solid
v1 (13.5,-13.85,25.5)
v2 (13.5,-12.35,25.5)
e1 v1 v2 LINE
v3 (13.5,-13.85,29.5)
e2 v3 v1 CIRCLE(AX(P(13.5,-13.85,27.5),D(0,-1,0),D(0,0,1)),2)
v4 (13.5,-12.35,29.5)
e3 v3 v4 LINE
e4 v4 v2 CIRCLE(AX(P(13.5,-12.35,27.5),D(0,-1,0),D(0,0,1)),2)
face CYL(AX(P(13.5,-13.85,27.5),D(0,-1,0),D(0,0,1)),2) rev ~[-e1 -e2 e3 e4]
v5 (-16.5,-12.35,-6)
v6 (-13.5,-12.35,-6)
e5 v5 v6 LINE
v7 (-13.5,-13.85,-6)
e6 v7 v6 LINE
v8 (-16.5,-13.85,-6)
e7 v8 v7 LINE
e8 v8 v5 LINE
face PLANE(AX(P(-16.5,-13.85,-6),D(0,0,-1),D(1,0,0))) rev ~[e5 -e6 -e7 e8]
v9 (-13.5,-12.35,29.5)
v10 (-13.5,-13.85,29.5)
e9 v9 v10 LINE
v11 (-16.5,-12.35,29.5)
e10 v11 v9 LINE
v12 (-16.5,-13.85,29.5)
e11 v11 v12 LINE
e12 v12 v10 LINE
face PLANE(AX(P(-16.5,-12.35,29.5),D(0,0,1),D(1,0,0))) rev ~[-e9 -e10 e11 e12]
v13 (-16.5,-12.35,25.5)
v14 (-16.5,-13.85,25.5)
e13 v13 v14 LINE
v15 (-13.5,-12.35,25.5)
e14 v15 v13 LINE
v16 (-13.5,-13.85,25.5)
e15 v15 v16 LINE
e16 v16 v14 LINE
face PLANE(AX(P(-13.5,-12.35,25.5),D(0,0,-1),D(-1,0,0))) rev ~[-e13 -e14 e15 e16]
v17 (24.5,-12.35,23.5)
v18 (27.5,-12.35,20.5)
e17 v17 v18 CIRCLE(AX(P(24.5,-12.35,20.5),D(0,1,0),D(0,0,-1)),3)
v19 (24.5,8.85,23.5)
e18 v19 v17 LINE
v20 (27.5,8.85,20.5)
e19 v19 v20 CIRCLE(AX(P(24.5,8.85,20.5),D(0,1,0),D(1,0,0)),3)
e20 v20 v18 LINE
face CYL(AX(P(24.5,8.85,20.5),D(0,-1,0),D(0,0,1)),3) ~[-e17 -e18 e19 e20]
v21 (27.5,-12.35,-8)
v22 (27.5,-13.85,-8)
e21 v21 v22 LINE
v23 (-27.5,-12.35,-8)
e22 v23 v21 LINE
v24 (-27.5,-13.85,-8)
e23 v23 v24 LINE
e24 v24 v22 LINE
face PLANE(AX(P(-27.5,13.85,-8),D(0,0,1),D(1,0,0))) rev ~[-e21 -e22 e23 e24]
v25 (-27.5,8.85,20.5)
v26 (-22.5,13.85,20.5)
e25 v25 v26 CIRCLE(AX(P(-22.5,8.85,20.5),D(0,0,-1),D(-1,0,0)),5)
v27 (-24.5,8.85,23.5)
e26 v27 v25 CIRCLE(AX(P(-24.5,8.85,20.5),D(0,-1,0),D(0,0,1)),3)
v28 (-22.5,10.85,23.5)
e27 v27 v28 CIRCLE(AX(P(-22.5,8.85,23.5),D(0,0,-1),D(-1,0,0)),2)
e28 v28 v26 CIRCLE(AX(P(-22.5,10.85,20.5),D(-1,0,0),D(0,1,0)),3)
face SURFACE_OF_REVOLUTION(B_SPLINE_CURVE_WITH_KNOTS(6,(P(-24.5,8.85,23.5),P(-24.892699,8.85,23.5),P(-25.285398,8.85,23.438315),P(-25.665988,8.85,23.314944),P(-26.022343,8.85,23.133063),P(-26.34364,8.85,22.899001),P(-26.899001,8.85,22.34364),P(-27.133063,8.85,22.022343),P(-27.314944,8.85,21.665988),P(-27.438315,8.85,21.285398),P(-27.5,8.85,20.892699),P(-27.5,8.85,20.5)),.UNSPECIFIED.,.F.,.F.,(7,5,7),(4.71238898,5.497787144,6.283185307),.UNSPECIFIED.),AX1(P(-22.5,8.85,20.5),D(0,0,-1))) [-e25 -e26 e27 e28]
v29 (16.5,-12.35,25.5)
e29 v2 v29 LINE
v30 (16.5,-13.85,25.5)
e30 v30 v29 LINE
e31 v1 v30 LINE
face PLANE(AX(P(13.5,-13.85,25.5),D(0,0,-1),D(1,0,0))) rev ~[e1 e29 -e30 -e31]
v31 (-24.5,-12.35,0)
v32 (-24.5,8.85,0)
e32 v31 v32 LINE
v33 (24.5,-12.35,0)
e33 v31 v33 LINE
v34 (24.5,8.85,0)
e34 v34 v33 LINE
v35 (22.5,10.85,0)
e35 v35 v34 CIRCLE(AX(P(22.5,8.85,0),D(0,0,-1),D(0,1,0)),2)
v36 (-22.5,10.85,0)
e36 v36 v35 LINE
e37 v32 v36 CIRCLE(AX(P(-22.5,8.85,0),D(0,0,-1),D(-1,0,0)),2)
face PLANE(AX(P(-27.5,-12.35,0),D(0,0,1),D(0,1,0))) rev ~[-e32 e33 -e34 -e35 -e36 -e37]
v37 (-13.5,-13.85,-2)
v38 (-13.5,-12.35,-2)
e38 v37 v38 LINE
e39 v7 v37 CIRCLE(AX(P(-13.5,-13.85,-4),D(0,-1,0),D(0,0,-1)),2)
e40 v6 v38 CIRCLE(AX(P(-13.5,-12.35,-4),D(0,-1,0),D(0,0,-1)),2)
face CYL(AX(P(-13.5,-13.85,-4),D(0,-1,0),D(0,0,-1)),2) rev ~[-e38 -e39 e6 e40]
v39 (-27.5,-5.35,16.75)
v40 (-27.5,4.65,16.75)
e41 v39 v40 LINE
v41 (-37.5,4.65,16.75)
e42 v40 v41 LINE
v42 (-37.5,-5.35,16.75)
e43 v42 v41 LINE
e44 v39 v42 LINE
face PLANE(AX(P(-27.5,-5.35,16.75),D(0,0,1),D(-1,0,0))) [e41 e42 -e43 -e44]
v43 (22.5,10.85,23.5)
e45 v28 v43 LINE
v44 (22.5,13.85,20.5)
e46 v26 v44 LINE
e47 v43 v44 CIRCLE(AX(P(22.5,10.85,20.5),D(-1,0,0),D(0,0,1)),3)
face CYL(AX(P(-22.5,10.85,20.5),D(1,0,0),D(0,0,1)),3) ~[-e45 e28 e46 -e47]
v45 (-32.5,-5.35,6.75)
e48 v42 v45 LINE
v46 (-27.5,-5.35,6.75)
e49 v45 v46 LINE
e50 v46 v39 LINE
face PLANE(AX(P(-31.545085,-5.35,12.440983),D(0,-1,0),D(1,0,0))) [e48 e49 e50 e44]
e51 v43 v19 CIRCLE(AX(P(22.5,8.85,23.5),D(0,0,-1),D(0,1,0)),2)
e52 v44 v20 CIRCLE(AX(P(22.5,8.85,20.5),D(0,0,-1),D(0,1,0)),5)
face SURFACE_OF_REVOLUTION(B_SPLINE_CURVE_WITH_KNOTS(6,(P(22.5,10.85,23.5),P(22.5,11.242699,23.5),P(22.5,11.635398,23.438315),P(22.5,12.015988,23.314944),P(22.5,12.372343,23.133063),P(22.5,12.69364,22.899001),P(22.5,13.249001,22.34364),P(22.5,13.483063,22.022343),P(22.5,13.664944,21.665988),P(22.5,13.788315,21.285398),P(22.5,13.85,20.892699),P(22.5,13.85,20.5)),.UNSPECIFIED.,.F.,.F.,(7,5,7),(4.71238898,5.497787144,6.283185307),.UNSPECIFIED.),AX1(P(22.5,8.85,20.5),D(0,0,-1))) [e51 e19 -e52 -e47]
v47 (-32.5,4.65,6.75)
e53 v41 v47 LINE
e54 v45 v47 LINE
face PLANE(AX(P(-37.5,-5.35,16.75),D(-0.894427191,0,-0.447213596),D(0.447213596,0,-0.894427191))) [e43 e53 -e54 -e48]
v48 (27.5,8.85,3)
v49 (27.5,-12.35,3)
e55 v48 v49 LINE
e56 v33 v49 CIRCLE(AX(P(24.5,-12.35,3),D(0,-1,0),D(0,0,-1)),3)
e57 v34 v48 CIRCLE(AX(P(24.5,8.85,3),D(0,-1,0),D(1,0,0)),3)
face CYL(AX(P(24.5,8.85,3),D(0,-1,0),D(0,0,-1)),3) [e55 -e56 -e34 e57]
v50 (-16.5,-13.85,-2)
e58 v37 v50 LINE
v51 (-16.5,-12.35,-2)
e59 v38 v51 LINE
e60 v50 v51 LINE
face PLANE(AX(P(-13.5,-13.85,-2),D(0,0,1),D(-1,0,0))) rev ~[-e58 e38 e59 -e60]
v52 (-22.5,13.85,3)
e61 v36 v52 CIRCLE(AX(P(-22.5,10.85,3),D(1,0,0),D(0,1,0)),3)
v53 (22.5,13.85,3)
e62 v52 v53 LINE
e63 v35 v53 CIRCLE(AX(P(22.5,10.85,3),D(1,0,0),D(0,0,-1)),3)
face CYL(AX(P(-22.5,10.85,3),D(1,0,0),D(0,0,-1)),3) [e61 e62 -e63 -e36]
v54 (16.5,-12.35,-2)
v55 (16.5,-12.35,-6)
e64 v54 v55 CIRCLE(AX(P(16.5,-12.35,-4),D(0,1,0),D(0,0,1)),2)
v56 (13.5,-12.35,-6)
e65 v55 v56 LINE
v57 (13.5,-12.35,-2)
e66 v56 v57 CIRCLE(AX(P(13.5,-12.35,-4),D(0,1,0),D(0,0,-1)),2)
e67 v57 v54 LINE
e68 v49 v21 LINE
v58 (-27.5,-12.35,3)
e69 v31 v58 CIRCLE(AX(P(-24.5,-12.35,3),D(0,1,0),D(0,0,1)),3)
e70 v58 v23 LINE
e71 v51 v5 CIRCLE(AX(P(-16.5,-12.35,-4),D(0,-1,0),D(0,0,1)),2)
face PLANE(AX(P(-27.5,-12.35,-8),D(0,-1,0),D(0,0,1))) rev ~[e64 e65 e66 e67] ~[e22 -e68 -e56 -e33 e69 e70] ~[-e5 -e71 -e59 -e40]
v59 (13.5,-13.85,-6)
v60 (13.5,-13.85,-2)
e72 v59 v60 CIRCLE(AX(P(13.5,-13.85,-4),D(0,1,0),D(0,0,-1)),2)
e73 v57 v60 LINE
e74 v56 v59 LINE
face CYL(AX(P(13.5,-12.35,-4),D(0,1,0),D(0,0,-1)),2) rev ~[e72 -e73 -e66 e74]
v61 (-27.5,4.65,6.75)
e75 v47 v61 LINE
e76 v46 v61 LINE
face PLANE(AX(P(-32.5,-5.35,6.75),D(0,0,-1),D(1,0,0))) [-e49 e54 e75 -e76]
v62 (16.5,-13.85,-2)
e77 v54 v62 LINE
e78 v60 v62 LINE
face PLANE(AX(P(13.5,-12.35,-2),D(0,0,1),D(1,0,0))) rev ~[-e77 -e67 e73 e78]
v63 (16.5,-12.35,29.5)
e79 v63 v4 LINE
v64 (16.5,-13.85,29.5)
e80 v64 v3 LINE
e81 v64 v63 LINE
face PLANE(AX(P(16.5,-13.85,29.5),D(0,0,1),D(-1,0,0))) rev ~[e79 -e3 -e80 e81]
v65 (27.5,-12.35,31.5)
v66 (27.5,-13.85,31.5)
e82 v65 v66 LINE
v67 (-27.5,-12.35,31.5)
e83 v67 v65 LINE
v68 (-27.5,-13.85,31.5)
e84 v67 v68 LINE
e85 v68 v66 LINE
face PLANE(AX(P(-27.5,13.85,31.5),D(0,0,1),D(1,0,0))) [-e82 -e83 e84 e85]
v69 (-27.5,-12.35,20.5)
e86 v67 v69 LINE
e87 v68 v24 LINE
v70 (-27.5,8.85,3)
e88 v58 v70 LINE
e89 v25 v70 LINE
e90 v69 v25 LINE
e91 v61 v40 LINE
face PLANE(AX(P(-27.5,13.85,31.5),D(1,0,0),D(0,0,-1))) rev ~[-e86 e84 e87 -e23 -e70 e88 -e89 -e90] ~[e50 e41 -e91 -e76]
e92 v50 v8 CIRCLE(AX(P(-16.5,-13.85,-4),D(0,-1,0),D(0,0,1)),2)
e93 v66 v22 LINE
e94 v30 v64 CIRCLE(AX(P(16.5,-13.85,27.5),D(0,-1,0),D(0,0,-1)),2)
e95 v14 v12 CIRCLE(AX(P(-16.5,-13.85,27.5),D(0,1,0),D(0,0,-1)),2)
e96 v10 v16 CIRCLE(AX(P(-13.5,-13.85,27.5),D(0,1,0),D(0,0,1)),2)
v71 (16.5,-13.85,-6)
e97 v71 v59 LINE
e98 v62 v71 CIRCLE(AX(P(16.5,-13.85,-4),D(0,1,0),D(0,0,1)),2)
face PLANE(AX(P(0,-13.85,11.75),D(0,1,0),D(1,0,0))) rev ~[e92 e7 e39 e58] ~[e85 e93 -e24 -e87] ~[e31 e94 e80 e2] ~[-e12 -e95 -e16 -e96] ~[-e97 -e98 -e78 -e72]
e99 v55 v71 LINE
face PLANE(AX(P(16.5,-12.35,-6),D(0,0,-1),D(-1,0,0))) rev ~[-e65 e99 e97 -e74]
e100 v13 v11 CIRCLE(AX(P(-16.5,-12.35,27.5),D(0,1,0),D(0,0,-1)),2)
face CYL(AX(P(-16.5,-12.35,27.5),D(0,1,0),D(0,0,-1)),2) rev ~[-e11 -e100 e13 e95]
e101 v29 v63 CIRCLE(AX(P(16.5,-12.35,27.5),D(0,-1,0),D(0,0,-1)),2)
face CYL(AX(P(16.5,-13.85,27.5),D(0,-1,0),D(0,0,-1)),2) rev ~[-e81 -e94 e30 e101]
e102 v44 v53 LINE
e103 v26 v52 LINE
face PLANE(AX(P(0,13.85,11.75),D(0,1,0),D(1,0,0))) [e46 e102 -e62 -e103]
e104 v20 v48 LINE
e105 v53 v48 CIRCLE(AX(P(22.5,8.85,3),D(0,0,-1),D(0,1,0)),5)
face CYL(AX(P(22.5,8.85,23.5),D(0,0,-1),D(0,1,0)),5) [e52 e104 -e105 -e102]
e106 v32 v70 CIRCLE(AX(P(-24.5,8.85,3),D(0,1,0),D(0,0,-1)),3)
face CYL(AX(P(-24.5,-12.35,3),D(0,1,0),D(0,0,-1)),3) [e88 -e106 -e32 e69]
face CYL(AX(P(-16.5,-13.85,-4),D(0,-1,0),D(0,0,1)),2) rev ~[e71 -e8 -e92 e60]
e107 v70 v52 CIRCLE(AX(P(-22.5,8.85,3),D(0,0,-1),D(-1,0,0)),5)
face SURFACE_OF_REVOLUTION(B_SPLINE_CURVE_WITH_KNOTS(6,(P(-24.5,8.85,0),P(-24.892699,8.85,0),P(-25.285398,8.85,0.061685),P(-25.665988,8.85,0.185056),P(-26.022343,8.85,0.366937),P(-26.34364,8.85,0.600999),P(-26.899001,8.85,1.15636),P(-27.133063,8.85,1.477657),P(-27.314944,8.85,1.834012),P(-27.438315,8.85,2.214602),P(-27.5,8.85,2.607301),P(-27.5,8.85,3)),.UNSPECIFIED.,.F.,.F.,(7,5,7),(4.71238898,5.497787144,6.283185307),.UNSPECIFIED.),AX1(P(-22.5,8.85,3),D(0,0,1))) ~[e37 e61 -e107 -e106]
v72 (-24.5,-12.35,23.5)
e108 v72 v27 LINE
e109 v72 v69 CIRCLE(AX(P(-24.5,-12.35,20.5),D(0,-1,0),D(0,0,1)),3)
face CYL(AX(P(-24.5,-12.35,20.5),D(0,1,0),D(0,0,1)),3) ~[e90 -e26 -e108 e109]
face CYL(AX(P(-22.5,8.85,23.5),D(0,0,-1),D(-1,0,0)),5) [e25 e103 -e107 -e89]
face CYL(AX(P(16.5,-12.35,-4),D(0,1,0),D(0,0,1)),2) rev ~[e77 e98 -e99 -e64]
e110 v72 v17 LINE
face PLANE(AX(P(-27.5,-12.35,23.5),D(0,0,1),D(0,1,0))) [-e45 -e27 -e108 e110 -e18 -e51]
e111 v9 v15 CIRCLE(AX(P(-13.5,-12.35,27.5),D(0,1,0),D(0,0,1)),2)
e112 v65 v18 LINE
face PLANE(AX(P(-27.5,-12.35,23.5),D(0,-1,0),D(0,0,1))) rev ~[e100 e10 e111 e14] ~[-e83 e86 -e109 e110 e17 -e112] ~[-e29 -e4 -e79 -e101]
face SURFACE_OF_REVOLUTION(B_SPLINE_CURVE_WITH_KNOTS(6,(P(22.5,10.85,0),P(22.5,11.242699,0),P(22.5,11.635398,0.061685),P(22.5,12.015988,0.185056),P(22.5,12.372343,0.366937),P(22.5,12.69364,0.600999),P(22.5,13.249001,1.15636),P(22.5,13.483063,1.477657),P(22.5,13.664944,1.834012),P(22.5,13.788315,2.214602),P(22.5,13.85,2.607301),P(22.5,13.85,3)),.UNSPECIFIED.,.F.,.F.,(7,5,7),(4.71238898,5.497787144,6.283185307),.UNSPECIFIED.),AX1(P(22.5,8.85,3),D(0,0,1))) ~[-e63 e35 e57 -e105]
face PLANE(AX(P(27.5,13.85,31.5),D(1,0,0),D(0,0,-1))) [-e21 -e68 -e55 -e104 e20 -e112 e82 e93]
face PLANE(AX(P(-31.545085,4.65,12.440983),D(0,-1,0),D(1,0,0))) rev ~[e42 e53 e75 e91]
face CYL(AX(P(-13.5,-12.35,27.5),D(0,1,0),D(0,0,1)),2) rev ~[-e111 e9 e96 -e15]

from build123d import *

# Parameters (mm, degrees)
SKETCH1_W           = 55
SKETCH1_H           = 39.5
BOSS_EXTRUDE1_DEPTH = 27.7
SKETCH2_W           = 8
SKETCH2_H           = 26.2
CUT_EXTRUDE1_DEPTH  = 65.877365082
SKETCH3_W           = 8
SKETCH3_H           = 26.2
CUT_EXTRUDE2_DEPTH  = 65.877365082
CUT_EXTRUDE3_DEPTH  = 50.345111207
CUT_EXTRUDE4_DEPTH  = 51.15765146
CUT_EXTRUDE5_DEPTH  = 50.345111207
CUT_EXTRUDE6_DEPTH  = 51.15765146
BOSS_EXTRUDE2_DEPTH = 10
FILLET1_R           = 5
FILLET2_R           = 3


with BuildPart() as part:
    # Sketch1 → Boss-Extrude1 (new body)
    with BuildSketch(Plane(origin=(0, 13.85, 0), x_dir=(1, 0, 0), z_dir=(0, 1, 0))):
        with Locations((0, -11.75)):
            Rectangle(SKETCH1_W, SKETCH1_H)
    extrude(amount=-BOSS_EXTRUDE1_DEPTH)

    # Sketch2 → Cut-Extrude1 (cut, through all)
    with BuildSketch(Plane.ZY.offset(27.5)):
        with Locations((27.5, 0.75)):
            Rectangle(SKETCH2_W, SKETCH2_H)
    extrude(amount=-CUT_EXTRUDE1_DEPTH, mode=Mode.SUBTRACT)

    # Sketch3 → Cut-Extrude2 (cut, through all)
    with BuildSketch(Plane.ZY.offset(27.5)):
        with Locations((-4, 0.75)):
            Rectangle(SKETCH3_W, SKETCH3_H)
    extrude(amount=-CUT_EXTRUDE2_DEPTH, mode=Mode.SUBTRACT)

    # Sketch4 → Cut-Extrude3 (cut, through all)
    with BuildSketch(Plane(origin=(0, -12.35, 0), x_dir=(-1, 0, 0), z_dir=(0, 1, 0))):
        with BuildLine():
            Line((-13.5, -2), (-16.5, -2))
            ThreePointArc((-16.5, -2), (-18.5, -4), (-16.5, -6))
            Line((-16.5, -6), (-13.5, -6))
            ThreePointArc((-13.5, -6), (-11.5, -4), (-13.5, -2))
        make_face()
    extrude(amount=-CUT_EXTRUDE3_DEPTH, mode=Mode.SUBTRACT)

    # Sketch5 → Cut-Extrude4 (cut, through all)
    with BuildSketch(Plane.XZ.offset(13.85)):
        with BuildLine():
            Line((-16.5, -6), (-13.5, -6))
            ThreePointArc((-13.5, -6), (-11.5, -4), (-13.5, -2))
            Line((-13.5, -2), (-16.5, -2))
            ThreePointArc((-16.5, -2), (-18.5, -4), (-16.5, -6))
        make_face()
    extrude(amount=-CUT_EXTRUDE4_DEPTH, mode=Mode.SUBTRACT)

    # Sketch6 → Cut-Extrude5 (cut, through all)
    with BuildSketch(Plane(origin=(0, -12.35, 0), x_dir=(-1, 0, 0), z_dir=(0, 1, 0))):
        with BuildLine():
            Line((16.5, 29.5), (13.5, 29.5))
            ThreePointArc((13.5, 29.5), (11.5, 27.5), (13.5, 25.5))
            Line((13.5, 25.5), (16.5, 25.5))
            ThreePointArc((16.5, 25.5), (18.5, 27.5), (16.5, 29.5))
        make_face()
    extrude(amount=-CUT_EXTRUDE5_DEPTH, mode=Mode.SUBTRACT)

    # Sketch7 → Cut-Extrude6 (cut, through all)
    with BuildSketch(Plane.XZ.offset(13.85)):
        with BuildLine():
            Line((13.5, 25.5), (16.5, 25.5))
            ThreePointArc((16.5, 25.5), (18.5, 27.5), (16.5, 29.5))
            Line((16.5, 29.5), (13.5, 29.5))
            ThreePointArc((13.5, 29.5), (11.5, 27.5), (13.5, 25.5))
        make_face()
    extrude(amount=-CUT_EXTRUDE6_DEPTH, mode=Mode.SUBTRACT)

    # Sketch8 → Boss-Extrude2 (add)
    with BuildSketch(Plane.XZ.offset(5.35)):
        Polygon((-37.5, 16.75), (-32.5, 6.75), (-27.5, 6.75), (-27.5, 16.75), align=None)
    extrude(amount=-BOSS_EXTRUDE2_DEPTH)

    # Fillet1
    fillet1_edges = [part.edges().sort_by_distance(p)[0] for p in [
        (27.5, 13.85, 11.75),
        (-27.5, 13.85, 11.75),
    ]]
    fillet(fillet1_edges, radius=FILLET1_R)

    # Fillet2
    fillet2_edges = [part.edges().sort_by_distance(p)[0] for p in [
        (0, 13.85, 0),
        (0, 13.85, 23.5),
        (-26.035533906, 12.385533906, 0),
        (26.035533906, 12.385533906, 0),
        (27.5, -1.75, 23.5),
        (-27.5, -1.75, 23.5),
        (-26.035533906, 12.385533906, 23.5),
        (26.035533906, 12.385533906, 23.5),
        (27.5, -1.75, 0),
        (-27.5, -1.75, 0),
    ]]
    fillet(fillet2_edges, radius=FILLET2_R)


solid = part.part
